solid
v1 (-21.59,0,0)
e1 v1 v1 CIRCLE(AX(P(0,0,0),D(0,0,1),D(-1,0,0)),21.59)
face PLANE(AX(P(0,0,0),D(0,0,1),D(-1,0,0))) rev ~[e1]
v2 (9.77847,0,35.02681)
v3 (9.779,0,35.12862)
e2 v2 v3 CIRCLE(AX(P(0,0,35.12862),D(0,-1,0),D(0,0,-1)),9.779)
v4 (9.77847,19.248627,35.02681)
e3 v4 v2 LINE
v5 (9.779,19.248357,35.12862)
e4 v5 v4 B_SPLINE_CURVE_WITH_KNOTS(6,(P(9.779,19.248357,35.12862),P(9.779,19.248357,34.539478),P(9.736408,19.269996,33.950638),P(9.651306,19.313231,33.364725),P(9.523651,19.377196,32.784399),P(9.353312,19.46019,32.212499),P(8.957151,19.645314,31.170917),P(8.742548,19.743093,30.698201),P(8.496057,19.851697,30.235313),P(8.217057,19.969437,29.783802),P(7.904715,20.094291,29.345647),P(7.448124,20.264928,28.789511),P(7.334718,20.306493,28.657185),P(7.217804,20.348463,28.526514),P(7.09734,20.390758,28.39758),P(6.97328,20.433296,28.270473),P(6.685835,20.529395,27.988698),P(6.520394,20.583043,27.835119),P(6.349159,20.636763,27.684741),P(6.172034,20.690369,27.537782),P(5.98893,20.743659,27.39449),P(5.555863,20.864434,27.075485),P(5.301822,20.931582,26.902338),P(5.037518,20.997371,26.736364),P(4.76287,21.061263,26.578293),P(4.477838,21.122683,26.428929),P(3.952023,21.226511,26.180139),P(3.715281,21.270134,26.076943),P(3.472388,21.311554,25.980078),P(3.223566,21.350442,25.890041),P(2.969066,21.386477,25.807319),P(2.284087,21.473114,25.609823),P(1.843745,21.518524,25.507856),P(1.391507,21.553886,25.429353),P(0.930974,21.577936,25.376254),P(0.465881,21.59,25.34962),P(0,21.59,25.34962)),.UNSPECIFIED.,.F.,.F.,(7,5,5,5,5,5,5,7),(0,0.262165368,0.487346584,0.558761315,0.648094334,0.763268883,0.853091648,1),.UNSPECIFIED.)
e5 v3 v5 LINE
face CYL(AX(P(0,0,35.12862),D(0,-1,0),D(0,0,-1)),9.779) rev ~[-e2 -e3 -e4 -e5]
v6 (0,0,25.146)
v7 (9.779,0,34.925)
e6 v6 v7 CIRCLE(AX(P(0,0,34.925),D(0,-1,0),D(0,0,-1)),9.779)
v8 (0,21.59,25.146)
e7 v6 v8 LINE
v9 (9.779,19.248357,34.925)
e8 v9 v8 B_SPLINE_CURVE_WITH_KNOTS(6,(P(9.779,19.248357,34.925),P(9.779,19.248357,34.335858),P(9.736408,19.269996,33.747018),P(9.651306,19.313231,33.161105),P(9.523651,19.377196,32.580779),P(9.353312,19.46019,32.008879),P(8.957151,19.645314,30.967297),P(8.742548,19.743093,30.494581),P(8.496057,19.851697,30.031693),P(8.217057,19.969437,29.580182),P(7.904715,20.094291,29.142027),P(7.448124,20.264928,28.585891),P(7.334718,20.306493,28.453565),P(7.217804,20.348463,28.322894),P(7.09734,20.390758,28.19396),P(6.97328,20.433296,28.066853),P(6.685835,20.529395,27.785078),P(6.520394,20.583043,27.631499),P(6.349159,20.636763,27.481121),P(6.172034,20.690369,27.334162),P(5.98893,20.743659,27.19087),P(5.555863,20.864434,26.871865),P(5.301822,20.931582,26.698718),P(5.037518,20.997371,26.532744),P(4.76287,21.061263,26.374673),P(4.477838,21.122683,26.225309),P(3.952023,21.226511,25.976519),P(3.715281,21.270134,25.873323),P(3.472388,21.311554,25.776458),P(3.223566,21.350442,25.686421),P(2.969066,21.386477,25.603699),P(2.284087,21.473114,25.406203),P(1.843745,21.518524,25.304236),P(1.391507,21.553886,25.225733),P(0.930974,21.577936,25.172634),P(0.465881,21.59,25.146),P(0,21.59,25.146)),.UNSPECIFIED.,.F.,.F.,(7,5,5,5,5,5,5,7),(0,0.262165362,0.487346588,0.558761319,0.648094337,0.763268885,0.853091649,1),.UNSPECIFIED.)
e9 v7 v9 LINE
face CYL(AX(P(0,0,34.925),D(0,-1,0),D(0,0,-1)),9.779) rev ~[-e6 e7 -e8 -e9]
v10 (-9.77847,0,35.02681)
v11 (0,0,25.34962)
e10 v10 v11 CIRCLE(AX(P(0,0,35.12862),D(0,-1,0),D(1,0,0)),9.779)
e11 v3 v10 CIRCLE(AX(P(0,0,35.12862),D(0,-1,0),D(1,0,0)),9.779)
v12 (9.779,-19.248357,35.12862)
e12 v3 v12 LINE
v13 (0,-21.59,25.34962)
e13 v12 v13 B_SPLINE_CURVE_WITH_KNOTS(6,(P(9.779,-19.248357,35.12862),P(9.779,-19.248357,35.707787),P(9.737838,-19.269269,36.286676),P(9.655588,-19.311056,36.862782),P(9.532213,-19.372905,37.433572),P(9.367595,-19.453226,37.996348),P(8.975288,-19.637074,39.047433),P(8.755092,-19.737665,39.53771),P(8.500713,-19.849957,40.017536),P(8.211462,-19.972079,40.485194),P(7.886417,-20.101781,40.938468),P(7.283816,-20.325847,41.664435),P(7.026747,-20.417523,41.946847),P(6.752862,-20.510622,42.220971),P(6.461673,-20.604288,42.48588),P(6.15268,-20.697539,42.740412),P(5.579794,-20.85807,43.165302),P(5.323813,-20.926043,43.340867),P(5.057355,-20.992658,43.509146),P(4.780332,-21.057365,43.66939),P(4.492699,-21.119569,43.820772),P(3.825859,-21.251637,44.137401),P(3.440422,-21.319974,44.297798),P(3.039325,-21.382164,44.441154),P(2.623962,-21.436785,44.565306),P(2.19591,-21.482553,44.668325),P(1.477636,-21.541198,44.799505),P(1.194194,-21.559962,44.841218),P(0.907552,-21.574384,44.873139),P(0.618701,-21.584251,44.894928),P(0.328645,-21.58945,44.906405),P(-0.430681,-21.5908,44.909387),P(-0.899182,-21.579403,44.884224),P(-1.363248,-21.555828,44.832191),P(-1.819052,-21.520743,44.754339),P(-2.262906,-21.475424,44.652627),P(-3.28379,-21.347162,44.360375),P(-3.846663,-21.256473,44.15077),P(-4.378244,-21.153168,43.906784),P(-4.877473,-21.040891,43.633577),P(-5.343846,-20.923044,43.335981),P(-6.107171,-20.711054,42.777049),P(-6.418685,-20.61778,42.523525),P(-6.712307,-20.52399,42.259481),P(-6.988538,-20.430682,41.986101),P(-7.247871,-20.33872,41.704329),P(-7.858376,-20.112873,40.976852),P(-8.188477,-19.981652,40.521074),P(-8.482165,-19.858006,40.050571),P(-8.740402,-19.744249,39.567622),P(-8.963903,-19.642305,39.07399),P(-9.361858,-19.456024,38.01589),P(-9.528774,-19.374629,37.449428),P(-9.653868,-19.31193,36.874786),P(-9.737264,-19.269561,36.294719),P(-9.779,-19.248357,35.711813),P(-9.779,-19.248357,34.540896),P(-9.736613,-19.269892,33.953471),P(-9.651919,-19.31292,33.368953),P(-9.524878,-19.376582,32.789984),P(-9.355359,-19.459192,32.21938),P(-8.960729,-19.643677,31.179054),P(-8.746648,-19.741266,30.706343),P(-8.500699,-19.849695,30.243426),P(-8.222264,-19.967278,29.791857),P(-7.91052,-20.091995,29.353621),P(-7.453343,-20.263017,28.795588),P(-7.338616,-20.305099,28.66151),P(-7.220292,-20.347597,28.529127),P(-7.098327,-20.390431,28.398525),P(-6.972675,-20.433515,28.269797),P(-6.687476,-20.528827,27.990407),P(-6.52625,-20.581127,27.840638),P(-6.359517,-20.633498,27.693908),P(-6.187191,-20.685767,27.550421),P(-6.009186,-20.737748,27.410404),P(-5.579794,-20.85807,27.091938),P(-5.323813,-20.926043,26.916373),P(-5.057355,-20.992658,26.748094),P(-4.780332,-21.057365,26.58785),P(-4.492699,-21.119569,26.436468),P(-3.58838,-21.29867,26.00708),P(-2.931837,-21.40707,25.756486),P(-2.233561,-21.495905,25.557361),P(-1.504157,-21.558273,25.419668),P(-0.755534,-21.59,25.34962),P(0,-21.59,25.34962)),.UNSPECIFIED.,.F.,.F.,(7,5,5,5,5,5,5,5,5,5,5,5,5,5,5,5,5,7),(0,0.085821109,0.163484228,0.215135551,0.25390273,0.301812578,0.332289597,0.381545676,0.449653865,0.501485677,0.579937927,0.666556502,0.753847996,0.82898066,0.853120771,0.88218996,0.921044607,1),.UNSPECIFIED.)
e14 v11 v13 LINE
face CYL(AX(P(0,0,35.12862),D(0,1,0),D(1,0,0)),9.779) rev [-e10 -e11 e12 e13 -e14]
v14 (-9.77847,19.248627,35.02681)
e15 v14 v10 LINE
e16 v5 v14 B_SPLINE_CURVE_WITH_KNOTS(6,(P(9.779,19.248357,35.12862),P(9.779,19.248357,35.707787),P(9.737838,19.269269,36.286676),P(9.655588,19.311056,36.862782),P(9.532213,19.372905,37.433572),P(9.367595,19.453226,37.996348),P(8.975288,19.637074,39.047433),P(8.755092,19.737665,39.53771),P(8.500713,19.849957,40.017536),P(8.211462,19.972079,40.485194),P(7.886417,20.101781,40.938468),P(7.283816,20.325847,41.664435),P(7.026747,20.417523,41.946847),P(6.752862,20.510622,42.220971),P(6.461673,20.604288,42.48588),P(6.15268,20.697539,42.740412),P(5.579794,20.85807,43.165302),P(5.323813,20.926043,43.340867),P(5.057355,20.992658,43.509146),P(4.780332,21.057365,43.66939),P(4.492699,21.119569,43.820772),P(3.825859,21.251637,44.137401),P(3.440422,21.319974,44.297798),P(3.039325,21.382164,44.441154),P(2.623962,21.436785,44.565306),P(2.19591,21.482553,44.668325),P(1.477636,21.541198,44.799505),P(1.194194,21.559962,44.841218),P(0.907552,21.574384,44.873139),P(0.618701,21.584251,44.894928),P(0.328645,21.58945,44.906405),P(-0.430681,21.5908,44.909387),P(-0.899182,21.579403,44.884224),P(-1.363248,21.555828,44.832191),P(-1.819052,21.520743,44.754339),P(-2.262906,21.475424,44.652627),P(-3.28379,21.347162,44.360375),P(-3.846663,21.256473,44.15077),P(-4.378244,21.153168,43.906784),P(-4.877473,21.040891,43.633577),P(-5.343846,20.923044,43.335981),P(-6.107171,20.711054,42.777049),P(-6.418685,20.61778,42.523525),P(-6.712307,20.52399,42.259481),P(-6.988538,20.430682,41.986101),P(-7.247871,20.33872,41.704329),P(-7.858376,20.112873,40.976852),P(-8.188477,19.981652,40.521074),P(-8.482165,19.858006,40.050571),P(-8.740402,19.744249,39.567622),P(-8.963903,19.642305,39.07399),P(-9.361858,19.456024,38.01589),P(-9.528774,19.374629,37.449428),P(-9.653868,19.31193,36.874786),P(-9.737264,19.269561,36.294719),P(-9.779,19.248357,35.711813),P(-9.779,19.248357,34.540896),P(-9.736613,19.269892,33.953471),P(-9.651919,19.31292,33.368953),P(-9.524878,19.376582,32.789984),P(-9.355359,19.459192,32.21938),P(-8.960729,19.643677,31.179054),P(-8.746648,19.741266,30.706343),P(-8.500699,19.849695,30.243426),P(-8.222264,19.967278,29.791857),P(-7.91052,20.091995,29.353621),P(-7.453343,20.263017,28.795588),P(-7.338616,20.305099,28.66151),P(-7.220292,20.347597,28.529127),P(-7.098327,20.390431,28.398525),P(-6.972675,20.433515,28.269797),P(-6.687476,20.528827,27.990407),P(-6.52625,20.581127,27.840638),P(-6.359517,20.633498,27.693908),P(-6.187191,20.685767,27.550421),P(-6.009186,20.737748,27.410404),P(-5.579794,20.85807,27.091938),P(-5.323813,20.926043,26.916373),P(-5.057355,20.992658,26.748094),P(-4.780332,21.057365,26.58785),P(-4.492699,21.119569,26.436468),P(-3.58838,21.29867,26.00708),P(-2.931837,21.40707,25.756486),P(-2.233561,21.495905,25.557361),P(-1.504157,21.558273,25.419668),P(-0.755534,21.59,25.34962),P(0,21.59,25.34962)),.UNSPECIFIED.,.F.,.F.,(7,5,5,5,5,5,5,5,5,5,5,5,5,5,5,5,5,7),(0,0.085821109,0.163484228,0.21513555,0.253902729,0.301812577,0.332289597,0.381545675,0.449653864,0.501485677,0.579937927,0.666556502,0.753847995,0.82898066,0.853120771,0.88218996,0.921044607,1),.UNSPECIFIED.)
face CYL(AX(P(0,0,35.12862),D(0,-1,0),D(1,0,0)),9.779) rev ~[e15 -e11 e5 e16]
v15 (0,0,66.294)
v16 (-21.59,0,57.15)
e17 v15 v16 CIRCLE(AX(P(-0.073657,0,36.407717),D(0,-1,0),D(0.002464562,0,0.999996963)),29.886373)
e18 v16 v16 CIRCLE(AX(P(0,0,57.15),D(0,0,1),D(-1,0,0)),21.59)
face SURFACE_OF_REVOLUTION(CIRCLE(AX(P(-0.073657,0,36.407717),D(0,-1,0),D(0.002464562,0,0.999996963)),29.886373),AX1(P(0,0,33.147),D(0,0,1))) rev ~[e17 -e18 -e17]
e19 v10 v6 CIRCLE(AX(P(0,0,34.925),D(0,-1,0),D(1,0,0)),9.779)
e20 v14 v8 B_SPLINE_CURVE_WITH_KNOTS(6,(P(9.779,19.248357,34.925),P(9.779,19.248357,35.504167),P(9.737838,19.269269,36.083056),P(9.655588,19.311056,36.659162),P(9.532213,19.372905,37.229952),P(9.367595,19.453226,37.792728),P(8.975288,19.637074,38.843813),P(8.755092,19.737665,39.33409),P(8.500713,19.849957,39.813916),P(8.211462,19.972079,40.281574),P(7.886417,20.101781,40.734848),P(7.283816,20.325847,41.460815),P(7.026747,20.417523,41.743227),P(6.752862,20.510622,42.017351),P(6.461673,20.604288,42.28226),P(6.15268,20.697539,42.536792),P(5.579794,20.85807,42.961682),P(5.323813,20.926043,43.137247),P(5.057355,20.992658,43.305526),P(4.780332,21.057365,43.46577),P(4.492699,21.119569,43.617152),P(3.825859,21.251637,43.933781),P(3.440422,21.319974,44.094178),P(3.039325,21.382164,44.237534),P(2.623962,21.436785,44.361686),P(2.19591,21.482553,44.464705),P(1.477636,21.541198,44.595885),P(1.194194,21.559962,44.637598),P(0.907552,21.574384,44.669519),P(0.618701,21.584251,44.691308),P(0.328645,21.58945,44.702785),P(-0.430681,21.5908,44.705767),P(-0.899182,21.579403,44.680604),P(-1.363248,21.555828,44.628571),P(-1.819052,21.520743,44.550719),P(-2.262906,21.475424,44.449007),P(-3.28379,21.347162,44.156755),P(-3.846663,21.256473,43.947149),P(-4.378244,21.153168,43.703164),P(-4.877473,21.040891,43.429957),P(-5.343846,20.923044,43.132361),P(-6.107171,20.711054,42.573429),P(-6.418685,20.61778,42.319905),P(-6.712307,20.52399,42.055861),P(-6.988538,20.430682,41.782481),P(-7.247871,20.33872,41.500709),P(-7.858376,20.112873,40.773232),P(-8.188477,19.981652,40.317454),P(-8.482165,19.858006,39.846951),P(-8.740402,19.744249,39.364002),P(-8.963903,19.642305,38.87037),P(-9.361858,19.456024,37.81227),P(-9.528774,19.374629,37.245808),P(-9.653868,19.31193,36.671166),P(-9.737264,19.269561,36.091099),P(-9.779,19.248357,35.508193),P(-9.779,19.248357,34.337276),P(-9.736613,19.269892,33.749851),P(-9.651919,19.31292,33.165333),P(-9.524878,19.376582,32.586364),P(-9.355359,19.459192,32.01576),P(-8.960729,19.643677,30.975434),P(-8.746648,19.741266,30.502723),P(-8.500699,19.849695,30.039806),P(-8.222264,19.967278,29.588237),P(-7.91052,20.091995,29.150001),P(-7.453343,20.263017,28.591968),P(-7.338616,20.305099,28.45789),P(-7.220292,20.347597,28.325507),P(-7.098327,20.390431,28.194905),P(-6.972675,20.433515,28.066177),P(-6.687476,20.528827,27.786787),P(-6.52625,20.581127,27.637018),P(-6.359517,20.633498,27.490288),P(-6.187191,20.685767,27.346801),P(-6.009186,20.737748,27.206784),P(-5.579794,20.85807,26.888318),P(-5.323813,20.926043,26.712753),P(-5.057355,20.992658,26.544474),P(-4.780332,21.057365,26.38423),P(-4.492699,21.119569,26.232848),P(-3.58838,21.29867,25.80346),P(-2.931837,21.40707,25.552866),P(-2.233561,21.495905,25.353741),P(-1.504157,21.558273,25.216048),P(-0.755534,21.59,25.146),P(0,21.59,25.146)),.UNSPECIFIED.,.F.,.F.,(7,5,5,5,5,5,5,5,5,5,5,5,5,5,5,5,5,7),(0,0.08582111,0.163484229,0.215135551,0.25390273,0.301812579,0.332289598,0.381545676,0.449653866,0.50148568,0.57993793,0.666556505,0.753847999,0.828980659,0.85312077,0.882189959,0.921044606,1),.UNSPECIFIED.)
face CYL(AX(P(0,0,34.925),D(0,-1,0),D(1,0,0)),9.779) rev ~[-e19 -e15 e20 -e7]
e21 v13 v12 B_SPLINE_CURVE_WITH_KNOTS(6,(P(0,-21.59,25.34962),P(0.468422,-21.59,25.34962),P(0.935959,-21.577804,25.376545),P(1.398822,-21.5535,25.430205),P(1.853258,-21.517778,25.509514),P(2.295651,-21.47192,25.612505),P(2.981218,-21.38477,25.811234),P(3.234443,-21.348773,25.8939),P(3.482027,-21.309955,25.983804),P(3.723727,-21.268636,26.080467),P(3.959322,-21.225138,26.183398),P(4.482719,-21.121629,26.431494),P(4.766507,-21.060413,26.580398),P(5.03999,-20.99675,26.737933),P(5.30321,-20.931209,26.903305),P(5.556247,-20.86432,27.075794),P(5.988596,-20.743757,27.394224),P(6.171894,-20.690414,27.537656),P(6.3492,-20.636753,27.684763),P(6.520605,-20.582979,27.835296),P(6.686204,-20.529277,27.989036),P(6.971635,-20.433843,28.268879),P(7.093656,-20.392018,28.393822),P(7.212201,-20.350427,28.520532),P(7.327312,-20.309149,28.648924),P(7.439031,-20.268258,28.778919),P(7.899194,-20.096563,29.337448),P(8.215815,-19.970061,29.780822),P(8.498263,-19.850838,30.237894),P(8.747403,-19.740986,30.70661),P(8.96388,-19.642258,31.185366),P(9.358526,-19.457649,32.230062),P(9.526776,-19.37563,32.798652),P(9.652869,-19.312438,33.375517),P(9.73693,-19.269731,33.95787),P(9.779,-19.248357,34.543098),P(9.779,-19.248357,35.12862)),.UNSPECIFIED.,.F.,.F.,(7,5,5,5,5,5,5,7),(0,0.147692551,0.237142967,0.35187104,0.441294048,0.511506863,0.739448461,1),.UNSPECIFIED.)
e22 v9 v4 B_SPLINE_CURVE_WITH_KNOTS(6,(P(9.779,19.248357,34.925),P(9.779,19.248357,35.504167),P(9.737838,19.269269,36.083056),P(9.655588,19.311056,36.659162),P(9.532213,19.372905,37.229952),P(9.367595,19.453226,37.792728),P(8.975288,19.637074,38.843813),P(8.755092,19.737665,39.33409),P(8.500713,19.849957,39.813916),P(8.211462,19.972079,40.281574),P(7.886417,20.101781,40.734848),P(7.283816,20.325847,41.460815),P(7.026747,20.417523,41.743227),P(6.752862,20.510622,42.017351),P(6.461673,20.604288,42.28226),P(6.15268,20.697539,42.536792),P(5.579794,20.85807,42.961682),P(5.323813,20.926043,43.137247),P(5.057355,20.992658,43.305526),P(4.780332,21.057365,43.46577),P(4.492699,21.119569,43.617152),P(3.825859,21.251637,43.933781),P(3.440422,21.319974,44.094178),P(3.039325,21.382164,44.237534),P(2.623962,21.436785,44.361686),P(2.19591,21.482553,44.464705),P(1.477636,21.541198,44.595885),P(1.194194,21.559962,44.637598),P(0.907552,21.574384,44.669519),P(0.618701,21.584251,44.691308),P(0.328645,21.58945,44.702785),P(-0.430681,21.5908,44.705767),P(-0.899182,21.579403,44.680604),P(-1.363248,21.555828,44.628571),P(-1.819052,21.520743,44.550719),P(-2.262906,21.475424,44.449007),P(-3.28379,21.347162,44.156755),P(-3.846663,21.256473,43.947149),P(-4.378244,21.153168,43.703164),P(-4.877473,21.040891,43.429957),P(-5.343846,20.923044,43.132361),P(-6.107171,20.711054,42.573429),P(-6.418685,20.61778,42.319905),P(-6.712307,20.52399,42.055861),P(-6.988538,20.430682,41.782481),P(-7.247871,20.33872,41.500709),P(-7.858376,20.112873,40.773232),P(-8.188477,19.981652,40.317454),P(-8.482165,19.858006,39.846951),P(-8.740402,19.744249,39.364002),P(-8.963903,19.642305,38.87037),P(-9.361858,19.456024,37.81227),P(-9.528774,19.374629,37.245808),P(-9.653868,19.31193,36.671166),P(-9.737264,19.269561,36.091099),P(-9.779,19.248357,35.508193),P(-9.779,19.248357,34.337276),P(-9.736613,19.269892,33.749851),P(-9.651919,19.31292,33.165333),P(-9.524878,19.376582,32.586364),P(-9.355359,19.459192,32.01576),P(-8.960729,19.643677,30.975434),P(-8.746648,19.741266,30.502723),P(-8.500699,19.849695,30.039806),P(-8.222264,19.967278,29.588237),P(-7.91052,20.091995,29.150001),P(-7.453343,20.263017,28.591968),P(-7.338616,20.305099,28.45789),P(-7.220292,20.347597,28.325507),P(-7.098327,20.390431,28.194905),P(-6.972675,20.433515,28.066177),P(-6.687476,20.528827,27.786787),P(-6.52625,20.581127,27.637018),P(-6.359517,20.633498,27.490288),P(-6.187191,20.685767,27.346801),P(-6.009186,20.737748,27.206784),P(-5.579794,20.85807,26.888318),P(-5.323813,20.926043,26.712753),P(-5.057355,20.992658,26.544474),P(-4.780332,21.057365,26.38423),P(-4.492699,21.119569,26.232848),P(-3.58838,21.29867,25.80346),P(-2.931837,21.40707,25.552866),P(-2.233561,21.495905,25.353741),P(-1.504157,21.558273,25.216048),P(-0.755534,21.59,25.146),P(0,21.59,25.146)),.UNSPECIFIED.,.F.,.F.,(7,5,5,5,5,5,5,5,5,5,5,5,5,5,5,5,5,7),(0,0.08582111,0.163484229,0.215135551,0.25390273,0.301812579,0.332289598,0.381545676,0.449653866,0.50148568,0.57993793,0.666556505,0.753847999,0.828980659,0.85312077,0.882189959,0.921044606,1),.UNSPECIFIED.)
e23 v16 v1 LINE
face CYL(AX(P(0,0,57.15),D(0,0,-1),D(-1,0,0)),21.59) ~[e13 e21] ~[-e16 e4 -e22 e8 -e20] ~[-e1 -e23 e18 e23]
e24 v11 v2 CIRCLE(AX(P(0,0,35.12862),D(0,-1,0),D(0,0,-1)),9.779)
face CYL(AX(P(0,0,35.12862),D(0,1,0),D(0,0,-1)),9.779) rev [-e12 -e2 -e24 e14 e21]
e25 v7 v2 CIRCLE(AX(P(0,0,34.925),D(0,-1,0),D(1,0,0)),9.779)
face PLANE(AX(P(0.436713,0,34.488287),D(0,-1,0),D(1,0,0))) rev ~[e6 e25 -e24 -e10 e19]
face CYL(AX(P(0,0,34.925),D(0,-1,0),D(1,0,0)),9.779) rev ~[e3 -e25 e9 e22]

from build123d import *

# Parameters (mm, degrees)
F4_DEPTH       = 21.5910001
F5_DEPTH       = 21.5910001
F6_DEPTH       = 21.5910001
F7_DEPTH       = 21.5910001
F8_DEPTH       = 21.5910001
F9_DEPTH       = 21.5910001
F11_DEPTH      = 21.5910001
F12_DEPTH      = 21.5910001
F12_DEPTH_BACK = 25.4


with BuildPart() as f1:
    # F0 (on Front) → F1 (revolve)
    with BuildSketch(Plane.XZ):
        with BuildLine():
            Line((-21.59, 0), (0, 0))
            Line((0, 0), (0, 66.294))
            ThreePointArc((0, 66.294), (-11.7291440927, 63.9276179966), (-21.59, 57.15))
            Line((-21.59, 57.15), (-21.59, 0))
        make_face()
    revolve(axis=Axis((0, 0, 33.147), (0, 0, 1)))

    # F3 (on Front) → F4 (cut, through all)
    with BuildSketch(Plane.XZ):
        with BuildLine():
            ThreePointArc((0, 25.146), (6.9147972132, 28.0102027868), (9.779, 34.925))
            ThreePointArc((9.779, 34.925), (-6.9147972132, 41.8397972132), (0, 25.146))
        make_face()
    extrude(amount=-F4_DEPTH, mode=Mode.SUBTRACT)

    # F2 (on Front) → F5 (cut, through all)
    with BuildSketch(Plane.XZ):
        with BuildLine():
            ThreePointArc((0, 25.146), (6.9147972132, 28.0102027868), (9.779, 34.925))
            ThreePointArc((9.779, 34.925), (-6.9147972132, 41.8397972132), (0, 25.146))
        make_face()
    extrude(amount=-F5_DEPTH, mode=Mode.SUBTRACT)

    # F3 (on Front) → F6 (cut, through all)
    with BuildSketch(Plane.XZ):
        with BuildLine():
            ThreePointArc((0, 25.146), (6.9147972132, 28.0102027868), (9.779, 34.925))
            ThreePointArc((9.779, 34.925), (-6.9147972132, 41.8397972132), (0, 25.146))
        make_face()
    extrude(amount=-F6_DEPTH, mode=Mode.SUBTRACT)

    # F3 (on Front) → F7 (cut, through all)
    with BuildSketch(Plane.XZ):
        with BuildLine():
            ThreePointArc((0, 25.146), (6.9147972132, 28.0102027868), (9.779, 34.925))
            ThreePointArc((9.779, 34.925), (-6.9147972132, 41.8397972132), (0, 25.146))
        make_face()
    extrude(amount=-F7_DEPTH, mode=Mode.SUBTRACT)

    # F3 (on Front) → F8 (cut, through all)
    with BuildSketch(Plane.XZ):
        with BuildLine():
            ThreePointArc((0, 25.146), (6.9147972132, 28.0102027868), (9.779, 34.925))
            ThreePointArc((9.779, 34.925), (-6.9147972132, 41.8397972132), (0, 25.146))
        make_face()
    extrude(amount=-F8_DEPTH, mode=Mode.SUBTRACT)

    # F3 (on Front) → F9 (cut, through all)
    with BuildSketch(Plane.XZ):
        with BuildLine():
            ThreePointArc((0, 25.146), (6.9147972132, 28.0102027868), (9.779, 34.925))
            ThreePointArc((9.779, 34.925), (-6.9147972132, 41.8397972132), (0, 25.146))
        make_face()
    extrude(amount=-F9_DEPTH, mode=Mode.SUBTRACT)

    # F3 (on Front) → F11 (cut, through all)
    with BuildSketch(Plane.XZ):
        with BuildLine():
            ThreePointArc((0, 25.146), (6.9147972132, 28.0102027868), (9.779, 34.925))
            ThreePointArc((9.779, 34.925), (-6.9147972132, 41.8397972132), (0, 25.146))
        make_face()
    extrude(amount=-F11_DEPTH, mode=Mode.SUBTRACT)

    # F10 (on Front) → F12 (cut, two sides)
    with BuildSketch(Plane.XZ) as f12_sk:
        with BuildLine():
            ThreePointArc((0, 25.3496200125), (6.9147972132, 28.2138227993), (9.779, 35.1286200125))
            ThreePointArc((9.779, 35.1286200125), (-6.9147972132, 42.0434172257), (0, 25.3496200125))
        make_face()
    extrude(amount=-F12_DEPTH, mode=Mode.SUBTRACT)
    extrude(f12_sk.sketch, amount=F12_DEPTH_BACK, mode=Mode.SUBTRACT)


solid = f1.part
